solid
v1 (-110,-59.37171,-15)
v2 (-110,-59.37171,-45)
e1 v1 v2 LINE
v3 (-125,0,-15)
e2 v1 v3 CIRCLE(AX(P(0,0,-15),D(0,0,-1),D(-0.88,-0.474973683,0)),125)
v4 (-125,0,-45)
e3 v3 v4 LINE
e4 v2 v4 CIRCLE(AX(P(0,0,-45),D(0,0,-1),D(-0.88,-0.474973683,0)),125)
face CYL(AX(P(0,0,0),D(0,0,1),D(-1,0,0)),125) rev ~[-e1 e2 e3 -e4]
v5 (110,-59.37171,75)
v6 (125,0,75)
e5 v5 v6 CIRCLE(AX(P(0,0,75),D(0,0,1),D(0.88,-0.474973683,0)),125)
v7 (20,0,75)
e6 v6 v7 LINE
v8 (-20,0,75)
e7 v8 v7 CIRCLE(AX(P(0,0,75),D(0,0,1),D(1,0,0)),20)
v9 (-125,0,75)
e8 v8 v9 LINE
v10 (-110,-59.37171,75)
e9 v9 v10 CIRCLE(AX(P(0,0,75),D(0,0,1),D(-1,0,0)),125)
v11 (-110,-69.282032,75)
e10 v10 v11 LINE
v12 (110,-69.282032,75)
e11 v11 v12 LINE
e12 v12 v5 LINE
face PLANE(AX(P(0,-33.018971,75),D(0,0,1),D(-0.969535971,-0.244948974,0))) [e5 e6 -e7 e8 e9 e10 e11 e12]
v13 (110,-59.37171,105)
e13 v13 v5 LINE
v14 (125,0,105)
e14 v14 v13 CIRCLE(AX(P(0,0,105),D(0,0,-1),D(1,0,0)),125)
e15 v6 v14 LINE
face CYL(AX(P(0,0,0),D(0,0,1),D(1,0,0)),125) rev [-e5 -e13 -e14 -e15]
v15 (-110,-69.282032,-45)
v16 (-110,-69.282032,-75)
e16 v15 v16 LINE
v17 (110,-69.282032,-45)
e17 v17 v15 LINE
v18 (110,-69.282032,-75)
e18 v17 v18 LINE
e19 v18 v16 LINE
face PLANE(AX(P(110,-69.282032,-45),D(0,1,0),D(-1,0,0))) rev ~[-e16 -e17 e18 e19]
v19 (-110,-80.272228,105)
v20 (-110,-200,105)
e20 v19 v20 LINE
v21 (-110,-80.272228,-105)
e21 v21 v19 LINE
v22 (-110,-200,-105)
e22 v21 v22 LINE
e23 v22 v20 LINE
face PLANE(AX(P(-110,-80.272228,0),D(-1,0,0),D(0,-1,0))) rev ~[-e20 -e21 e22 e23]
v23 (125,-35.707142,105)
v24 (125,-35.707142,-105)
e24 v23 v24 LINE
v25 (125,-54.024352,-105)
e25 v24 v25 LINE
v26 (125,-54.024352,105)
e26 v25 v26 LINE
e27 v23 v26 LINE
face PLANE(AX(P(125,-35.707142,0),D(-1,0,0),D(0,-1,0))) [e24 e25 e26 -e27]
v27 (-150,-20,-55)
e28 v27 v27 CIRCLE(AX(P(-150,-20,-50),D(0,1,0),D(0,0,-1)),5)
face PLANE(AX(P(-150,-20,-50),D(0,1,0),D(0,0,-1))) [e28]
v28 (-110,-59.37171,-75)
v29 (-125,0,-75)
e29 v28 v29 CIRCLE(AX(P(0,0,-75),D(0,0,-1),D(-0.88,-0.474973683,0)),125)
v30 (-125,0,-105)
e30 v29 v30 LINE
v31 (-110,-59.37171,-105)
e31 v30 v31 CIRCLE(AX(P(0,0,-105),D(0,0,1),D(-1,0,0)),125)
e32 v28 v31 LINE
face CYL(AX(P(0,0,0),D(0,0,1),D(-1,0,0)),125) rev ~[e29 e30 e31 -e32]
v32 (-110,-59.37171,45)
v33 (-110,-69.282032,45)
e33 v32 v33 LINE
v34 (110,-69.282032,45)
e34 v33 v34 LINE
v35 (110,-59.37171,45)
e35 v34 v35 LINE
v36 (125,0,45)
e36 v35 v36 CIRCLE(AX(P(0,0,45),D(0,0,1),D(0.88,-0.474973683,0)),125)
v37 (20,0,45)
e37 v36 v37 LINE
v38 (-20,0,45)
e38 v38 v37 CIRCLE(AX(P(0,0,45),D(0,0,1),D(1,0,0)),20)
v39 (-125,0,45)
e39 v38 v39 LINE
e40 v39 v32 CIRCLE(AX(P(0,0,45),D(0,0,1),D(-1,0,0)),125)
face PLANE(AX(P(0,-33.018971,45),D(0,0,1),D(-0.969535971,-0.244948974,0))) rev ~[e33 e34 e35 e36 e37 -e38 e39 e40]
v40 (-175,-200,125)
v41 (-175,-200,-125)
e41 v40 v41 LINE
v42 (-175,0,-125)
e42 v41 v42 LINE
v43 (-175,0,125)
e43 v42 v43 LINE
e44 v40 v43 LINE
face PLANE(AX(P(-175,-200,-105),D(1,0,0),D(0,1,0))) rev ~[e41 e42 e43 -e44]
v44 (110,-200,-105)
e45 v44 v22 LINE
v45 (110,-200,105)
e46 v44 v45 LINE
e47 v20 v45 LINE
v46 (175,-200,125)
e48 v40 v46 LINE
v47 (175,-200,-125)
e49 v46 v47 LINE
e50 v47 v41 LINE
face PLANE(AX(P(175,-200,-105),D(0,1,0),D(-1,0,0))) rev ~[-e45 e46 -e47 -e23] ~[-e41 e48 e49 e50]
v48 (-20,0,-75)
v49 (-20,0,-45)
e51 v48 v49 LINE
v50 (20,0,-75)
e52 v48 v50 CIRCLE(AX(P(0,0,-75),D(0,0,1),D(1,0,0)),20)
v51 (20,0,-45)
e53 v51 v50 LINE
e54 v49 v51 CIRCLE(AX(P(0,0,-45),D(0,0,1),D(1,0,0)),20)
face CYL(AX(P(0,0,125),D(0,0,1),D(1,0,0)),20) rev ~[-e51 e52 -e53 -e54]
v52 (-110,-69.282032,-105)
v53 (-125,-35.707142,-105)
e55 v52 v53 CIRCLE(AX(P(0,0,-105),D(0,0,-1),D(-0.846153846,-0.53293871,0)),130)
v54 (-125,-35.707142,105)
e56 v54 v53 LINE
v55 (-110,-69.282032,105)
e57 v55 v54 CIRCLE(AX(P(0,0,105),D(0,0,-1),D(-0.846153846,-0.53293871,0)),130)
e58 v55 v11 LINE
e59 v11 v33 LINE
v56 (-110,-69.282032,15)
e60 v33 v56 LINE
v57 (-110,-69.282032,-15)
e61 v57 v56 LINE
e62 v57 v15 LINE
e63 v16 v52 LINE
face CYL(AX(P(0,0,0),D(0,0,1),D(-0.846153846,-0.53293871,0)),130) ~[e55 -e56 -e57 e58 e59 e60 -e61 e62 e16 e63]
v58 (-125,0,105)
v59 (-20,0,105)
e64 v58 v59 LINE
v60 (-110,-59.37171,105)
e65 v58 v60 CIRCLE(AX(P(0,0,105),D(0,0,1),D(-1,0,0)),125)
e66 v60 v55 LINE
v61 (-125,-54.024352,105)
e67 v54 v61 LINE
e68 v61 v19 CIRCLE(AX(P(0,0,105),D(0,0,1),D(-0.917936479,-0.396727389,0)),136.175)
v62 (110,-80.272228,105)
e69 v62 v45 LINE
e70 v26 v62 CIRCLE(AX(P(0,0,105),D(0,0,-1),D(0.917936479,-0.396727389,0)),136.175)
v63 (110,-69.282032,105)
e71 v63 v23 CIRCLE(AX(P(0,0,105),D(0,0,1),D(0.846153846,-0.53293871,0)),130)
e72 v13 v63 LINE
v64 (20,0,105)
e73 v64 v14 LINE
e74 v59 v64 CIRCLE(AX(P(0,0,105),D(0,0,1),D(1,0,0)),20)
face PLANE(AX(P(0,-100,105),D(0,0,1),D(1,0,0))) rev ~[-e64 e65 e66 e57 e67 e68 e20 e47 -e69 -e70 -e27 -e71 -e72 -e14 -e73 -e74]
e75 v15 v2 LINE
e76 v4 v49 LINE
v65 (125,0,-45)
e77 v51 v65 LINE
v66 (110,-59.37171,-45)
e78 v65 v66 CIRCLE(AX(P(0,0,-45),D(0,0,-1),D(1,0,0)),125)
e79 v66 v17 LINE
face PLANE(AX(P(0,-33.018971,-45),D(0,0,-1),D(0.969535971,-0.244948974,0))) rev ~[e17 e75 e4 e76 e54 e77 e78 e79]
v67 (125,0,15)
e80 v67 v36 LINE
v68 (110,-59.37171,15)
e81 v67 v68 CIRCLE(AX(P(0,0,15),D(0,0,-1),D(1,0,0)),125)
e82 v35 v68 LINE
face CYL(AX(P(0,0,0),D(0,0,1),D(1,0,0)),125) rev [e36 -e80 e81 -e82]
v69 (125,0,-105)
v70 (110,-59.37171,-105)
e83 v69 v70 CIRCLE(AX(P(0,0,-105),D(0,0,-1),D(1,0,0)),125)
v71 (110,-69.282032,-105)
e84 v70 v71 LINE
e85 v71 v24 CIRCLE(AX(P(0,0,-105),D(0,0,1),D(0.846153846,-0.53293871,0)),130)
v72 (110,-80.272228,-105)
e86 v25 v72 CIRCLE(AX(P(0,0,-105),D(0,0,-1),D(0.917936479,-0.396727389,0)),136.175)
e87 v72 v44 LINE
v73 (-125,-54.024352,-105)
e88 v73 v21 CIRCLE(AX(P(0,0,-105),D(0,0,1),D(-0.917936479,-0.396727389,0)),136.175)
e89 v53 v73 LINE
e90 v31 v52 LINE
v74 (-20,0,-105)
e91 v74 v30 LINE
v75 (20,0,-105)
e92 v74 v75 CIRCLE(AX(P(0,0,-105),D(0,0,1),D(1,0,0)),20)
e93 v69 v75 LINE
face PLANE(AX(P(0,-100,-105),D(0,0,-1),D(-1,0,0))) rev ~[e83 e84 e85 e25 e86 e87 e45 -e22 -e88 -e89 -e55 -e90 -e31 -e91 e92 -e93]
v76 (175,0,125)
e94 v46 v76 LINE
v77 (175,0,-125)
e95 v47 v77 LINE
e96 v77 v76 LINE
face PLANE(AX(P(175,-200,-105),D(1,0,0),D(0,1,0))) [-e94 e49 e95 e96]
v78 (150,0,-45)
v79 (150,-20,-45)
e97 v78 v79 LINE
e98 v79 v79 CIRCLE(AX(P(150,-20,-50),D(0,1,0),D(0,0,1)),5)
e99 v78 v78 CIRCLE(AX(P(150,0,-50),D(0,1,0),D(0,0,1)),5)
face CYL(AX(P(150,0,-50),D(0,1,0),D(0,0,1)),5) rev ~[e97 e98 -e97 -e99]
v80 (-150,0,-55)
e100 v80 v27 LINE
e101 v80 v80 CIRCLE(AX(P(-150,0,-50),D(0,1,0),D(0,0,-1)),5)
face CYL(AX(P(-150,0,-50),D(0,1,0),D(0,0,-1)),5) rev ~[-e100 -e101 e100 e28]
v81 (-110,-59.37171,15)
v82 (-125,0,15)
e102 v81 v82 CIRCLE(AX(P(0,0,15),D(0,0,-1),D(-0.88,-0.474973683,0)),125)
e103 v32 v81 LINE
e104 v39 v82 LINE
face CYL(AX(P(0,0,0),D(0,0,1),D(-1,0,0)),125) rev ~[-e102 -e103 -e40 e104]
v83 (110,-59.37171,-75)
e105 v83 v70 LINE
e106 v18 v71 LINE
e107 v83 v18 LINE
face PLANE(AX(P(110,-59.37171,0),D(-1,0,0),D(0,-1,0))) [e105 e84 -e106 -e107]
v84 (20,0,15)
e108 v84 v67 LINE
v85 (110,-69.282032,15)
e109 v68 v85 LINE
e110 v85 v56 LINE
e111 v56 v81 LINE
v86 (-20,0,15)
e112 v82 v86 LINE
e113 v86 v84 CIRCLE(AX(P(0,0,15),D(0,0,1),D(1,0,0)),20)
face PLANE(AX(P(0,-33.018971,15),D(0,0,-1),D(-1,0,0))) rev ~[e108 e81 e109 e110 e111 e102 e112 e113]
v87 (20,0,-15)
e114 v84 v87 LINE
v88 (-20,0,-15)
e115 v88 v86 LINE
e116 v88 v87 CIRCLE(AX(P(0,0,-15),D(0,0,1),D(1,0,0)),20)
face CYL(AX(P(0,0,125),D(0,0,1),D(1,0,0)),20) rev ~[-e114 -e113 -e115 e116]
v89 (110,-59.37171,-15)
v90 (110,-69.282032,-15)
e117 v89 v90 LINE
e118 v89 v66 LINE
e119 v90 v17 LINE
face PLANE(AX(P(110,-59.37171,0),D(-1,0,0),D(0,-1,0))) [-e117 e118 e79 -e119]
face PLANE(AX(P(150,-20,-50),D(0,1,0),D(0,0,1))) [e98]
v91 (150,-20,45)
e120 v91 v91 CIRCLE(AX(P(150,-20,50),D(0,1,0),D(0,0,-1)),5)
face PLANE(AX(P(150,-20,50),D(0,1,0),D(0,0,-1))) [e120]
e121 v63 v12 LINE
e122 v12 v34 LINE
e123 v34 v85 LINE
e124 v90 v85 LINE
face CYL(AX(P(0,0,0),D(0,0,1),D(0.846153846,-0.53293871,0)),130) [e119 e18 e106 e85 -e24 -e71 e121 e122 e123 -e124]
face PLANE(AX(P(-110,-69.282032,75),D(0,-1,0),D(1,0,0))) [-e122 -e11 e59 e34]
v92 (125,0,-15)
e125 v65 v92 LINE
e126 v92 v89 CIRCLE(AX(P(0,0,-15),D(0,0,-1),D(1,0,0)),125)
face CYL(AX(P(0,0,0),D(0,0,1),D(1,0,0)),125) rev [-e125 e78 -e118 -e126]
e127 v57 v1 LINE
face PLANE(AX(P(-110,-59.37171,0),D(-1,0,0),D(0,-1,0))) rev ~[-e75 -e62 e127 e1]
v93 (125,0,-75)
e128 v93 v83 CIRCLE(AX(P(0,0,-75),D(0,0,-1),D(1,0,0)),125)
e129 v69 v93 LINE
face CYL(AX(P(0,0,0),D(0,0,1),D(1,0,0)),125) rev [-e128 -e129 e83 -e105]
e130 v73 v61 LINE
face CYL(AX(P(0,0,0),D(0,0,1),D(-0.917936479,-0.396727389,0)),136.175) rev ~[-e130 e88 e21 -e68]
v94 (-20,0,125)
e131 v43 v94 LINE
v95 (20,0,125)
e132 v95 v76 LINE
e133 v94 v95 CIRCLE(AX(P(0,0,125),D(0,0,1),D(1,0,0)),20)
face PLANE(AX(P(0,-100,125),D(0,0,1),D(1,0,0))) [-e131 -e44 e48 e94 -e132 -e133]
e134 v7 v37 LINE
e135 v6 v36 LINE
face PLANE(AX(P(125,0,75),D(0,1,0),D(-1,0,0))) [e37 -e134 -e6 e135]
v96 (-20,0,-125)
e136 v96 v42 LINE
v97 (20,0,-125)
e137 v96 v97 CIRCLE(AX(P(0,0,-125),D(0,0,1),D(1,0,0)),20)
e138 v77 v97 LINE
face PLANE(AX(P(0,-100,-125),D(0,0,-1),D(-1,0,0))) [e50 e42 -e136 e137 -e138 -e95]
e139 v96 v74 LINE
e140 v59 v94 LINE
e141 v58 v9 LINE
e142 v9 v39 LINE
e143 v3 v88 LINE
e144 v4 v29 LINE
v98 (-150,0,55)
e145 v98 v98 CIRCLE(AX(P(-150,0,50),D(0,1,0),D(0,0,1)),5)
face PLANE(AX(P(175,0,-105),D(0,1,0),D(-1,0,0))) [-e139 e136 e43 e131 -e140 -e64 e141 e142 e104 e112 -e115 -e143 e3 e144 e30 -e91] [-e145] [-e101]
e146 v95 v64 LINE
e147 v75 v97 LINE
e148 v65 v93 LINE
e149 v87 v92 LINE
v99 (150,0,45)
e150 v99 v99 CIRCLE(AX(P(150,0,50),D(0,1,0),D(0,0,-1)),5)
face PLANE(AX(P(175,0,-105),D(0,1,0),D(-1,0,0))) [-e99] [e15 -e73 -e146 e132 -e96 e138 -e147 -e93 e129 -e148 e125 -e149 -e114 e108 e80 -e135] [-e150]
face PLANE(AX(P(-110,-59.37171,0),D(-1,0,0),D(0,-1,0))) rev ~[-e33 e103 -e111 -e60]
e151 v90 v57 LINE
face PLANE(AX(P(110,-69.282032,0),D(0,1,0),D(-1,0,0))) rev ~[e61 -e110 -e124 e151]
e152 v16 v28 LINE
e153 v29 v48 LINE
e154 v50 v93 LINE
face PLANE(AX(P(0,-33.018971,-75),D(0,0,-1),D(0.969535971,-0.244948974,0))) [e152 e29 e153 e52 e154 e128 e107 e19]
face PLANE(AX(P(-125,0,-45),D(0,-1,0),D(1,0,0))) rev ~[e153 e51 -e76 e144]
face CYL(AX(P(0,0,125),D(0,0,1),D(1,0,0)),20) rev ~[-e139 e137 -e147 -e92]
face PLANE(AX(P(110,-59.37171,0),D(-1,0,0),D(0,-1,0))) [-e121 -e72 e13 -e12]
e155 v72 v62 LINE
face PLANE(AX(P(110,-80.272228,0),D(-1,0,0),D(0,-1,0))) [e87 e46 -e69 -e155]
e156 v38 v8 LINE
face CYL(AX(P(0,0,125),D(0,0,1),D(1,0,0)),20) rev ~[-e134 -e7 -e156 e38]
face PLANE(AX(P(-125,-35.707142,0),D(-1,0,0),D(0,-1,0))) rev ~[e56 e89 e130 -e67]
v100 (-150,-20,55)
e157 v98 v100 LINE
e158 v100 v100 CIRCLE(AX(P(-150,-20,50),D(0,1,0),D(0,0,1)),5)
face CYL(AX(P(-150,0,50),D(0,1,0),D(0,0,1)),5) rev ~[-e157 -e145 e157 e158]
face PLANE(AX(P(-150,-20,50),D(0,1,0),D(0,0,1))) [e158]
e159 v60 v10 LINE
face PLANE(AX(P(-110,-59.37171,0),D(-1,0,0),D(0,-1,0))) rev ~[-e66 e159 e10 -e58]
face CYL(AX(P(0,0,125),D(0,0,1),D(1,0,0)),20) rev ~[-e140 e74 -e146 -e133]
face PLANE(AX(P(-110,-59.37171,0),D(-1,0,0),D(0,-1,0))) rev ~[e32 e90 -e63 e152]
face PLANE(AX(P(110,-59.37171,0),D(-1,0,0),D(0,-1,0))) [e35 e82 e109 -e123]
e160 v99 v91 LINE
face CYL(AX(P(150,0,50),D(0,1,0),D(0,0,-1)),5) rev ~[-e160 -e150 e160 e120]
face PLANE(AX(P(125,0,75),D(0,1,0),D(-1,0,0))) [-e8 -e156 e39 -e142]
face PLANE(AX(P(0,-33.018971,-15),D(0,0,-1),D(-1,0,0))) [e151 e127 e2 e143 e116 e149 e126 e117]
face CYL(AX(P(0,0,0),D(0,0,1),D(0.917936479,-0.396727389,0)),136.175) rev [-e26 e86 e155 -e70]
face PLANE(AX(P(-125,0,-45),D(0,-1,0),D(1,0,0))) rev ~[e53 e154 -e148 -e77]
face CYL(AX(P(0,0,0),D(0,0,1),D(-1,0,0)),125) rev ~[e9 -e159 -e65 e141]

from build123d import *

# Parameters (mm, degrees)
BOSS_EXTRUDE1_DEPTH   = 105
BOSS_EXTRUDE1_2_DEPTH = 105
BOSS_EXTRUDE6_DEPTH   = 15
BOSS_EXTRUDE9_START   = -30
BOSS_EXTRUDE9_DEPTH   = 30
BOSS_EXTRUDE10_DEPTH  = 30
SKETCH7_W             = 350
SKETCH7_H             = 200
BOSS_EXTRUDE11_DEPTH  = 20
SKETCH8_W             = 350
SKETCH8_H             = 200
BOSS_EXTRUDE12_DEPTH  = 20
SKETCH9_R             = 20
CUT_EXTRUDE1_DEPTH    = 300
SKETCH10_R            = 5
CUT_EXTRUDE2_DEPTH    = 20


with BuildPart() as part:
    # Sketch1 → Boss-Extrude1 (new, symmetric)
    with BuildSketch(Plane.XY):
        with BuildLine():
            Line((125, -35.707142143), (125, -54.024352148))
            ThreePointArc((125, -54.024352148), (118.230654865, -67.565841039), (110, -80.27222823))
            Line((110, -80.27222823), (110, -200))
            Line((110, -200), (125, -200))
            Line((125, -200), (175, -200))
            Line((175, -200), (175, 0))
            Line((175, 0), (125, 0))
            ThreePointArc((125, 0), (121.191996435, -30.618621785), (110, -59.371710435))
            Line((110, -59.371710435), (110, -69.282032303))
            ThreePointArc((110, -69.282032303), (118.693168769, -53.027650218), (125, -35.707142143))
        make_face()
    extrude(amount=BOSS_EXTRUDE1_DEPTH, both=True)



with BuildPart() as body_2:
    # Sketch1 → Boss-Extrude1 2 (new, symmetric)
    with BuildSketch(Plane.XY):
        with BuildLine():
            Line((-110, -200), (-125, -200))
            Line((-125, -200), (-175, -200))
            Line((-175, -200), (-175, 0))
            Line((-175, 0), (-125, 0))
            ThreePointArc((-125, 0), (-121.191996435, -30.618621785), (-110, -59.371710435))
            Line((-110, -59.371710435), (-110, -69.282032303))
            ThreePointArc((-110, -69.282032303), (-118.693168769, -53.027650218), (-125, -35.707142143))
            Line((-125, -35.707142143), (-125, -54.024352148))
            ThreePointArc((-125, -54.024352148), (-118.230654865, -67.565841039), (-110, -80.27222823))
            Line((-110, -80.27222823), (-110, -200))
        make_face()
    extrude(amount=BOSS_EXTRUDE1_2_DEPTH, both=True)


with BuildPart() as part_1:
    add(part.part)

    add(body_2.part)  # Boss-Extrude6 merges body 2
    # Sketch6 → Boss-Extrude6 (add, symmetric)
    with BuildSketch(Plane.XY):
        with BuildLine():
            Line((-110, -69.282032303), (-110, -59.371710435))
            ThreePointArc((-110, -59.371710435), (-121.191996435, -30.618621785), (-125, 0))
            Line((-125, 0), (125, 0))
            ThreePointArc((125, 0), (121.191996435, -30.618621785), (110, -59.371710435))
            Line((110, -59.371710435), (110, -69.282032303))
            Line((110, -69.282032303), (-110, -69.282032303))
        make_face()
    extrude(amount=BOSS_EXTRUDE6_DEPTH, both=True)

    # 3DSketch3 → Boss-Extrude9 (add)
    with BuildSketch(Plane(origin=(-110, -59.371710435, 45), x_dir=(0.9695359714832644, 0.2449489742783234, 0), z_dir=(0, 0, -1)).offset(BOSS_EXTRUDE9_START)):
        with BuildLine():
            Line((0, 0), (-2.427523176, 9.60841354))
            Line((-2.427523176, 9.60841354), (210.87039055, 63.497187881))
            Line((210.87039055, 63.497187881), (213.297913726, 53.888774341))
            ThreePointArc((213.297913726, 53.888774341), (231.191996435, 28.75308865), (242.383992871, 0))
            Line((242.383992871, 0), (0, -61.23724357))
            ThreePointArc((0, -61.23724357), (-3.808003565, -30.618621785), (0, 0))
        make_face()
    extrude(amount=BOSS_EXTRUDE9_DEPTH)

    # 3DSketch4 → Boss-Extrude10 (add)
    with BuildSketch(Plane(origin=(110, -59.371710435, -45), x_dir=(-0.9695359714832668, 0.2449489742783143, 0), z_dir=(0, 0, 1))):
        with BuildLine():
            Line((0, 0), (-2.427523176, 9.60841354))
            Line((-2.427523176, 9.60841354), (210.87039055, 63.497187881))
            Line((210.87039055, 63.497187881), (213.297913726, 53.888774341))
            ThreePointArc((213.297913726, 53.888774341), (231.191996435, 28.75308865), (242.383992871, 0))
            Line((242.383992871, 0), (0, -61.23724357))
            ThreePointArc((0, -61.23724357), (-3.808003565, -30.618621785), (0, 0))
        make_face()
    extrude(amount=-BOSS_EXTRUDE10_DEPTH)

    # Sketch7 → Boss-Extrude11 (add)
    with BuildSketch(Plane.XY.offset(105)):
        with Locations((0, -100)):
            Rectangle(SKETCH7_W, SKETCH7_H)
    extrude(amount=BOSS_EXTRUDE11_DEPTH)

    # Sketch8 → Boss-Extrude12 (add)
    with BuildSketch(Plane(origin=(0, 0, -105), x_dir=(-1, 0, 0), z_dir=(0, 0, -1))):
        with Locations((0, -100)):
            Rectangle(SKETCH8_W, SKETCH8_H)
    extrude(amount=BOSS_EXTRUDE12_DEPTH)

    # Sketch9 → Cut-Extrude1 (cut)
    with BuildSketch(Plane.XY.offset(125)):
        Circle(SKETCH9_R)
    extrude(amount=-CUT_EXTRUDE1_DEPTH, mode=Mode.SUBTRACT)

    # Sketch10 → Cut-Extrude2 (cut)
    with BuildSketch(Plane(origin=(0, 0, 0), x_dir=(1, 0, 0), z_dir=(0, 1, 0))):
        with Locations(Location((150, 50, 0), (0, 0, 270))):
            Circle(SKETCH10_R)
        with Locations(Location((150, -50, 0), (0, 0, 90))):
            Circle(SKETCH10_R)
        with Locations(Location((-150, -50, 0), (0, 0, 270))):
            Circle(SKETCH10_R)
        with Locations(Location((-150, 50, 0), (0, 0, 90))):
            Circle(SKETCH10_R)
    extrude(amount=-CUT_EXTRUDE2_DEPTH, mode=Mode.SUBTRACT)


solid = part_1.part
